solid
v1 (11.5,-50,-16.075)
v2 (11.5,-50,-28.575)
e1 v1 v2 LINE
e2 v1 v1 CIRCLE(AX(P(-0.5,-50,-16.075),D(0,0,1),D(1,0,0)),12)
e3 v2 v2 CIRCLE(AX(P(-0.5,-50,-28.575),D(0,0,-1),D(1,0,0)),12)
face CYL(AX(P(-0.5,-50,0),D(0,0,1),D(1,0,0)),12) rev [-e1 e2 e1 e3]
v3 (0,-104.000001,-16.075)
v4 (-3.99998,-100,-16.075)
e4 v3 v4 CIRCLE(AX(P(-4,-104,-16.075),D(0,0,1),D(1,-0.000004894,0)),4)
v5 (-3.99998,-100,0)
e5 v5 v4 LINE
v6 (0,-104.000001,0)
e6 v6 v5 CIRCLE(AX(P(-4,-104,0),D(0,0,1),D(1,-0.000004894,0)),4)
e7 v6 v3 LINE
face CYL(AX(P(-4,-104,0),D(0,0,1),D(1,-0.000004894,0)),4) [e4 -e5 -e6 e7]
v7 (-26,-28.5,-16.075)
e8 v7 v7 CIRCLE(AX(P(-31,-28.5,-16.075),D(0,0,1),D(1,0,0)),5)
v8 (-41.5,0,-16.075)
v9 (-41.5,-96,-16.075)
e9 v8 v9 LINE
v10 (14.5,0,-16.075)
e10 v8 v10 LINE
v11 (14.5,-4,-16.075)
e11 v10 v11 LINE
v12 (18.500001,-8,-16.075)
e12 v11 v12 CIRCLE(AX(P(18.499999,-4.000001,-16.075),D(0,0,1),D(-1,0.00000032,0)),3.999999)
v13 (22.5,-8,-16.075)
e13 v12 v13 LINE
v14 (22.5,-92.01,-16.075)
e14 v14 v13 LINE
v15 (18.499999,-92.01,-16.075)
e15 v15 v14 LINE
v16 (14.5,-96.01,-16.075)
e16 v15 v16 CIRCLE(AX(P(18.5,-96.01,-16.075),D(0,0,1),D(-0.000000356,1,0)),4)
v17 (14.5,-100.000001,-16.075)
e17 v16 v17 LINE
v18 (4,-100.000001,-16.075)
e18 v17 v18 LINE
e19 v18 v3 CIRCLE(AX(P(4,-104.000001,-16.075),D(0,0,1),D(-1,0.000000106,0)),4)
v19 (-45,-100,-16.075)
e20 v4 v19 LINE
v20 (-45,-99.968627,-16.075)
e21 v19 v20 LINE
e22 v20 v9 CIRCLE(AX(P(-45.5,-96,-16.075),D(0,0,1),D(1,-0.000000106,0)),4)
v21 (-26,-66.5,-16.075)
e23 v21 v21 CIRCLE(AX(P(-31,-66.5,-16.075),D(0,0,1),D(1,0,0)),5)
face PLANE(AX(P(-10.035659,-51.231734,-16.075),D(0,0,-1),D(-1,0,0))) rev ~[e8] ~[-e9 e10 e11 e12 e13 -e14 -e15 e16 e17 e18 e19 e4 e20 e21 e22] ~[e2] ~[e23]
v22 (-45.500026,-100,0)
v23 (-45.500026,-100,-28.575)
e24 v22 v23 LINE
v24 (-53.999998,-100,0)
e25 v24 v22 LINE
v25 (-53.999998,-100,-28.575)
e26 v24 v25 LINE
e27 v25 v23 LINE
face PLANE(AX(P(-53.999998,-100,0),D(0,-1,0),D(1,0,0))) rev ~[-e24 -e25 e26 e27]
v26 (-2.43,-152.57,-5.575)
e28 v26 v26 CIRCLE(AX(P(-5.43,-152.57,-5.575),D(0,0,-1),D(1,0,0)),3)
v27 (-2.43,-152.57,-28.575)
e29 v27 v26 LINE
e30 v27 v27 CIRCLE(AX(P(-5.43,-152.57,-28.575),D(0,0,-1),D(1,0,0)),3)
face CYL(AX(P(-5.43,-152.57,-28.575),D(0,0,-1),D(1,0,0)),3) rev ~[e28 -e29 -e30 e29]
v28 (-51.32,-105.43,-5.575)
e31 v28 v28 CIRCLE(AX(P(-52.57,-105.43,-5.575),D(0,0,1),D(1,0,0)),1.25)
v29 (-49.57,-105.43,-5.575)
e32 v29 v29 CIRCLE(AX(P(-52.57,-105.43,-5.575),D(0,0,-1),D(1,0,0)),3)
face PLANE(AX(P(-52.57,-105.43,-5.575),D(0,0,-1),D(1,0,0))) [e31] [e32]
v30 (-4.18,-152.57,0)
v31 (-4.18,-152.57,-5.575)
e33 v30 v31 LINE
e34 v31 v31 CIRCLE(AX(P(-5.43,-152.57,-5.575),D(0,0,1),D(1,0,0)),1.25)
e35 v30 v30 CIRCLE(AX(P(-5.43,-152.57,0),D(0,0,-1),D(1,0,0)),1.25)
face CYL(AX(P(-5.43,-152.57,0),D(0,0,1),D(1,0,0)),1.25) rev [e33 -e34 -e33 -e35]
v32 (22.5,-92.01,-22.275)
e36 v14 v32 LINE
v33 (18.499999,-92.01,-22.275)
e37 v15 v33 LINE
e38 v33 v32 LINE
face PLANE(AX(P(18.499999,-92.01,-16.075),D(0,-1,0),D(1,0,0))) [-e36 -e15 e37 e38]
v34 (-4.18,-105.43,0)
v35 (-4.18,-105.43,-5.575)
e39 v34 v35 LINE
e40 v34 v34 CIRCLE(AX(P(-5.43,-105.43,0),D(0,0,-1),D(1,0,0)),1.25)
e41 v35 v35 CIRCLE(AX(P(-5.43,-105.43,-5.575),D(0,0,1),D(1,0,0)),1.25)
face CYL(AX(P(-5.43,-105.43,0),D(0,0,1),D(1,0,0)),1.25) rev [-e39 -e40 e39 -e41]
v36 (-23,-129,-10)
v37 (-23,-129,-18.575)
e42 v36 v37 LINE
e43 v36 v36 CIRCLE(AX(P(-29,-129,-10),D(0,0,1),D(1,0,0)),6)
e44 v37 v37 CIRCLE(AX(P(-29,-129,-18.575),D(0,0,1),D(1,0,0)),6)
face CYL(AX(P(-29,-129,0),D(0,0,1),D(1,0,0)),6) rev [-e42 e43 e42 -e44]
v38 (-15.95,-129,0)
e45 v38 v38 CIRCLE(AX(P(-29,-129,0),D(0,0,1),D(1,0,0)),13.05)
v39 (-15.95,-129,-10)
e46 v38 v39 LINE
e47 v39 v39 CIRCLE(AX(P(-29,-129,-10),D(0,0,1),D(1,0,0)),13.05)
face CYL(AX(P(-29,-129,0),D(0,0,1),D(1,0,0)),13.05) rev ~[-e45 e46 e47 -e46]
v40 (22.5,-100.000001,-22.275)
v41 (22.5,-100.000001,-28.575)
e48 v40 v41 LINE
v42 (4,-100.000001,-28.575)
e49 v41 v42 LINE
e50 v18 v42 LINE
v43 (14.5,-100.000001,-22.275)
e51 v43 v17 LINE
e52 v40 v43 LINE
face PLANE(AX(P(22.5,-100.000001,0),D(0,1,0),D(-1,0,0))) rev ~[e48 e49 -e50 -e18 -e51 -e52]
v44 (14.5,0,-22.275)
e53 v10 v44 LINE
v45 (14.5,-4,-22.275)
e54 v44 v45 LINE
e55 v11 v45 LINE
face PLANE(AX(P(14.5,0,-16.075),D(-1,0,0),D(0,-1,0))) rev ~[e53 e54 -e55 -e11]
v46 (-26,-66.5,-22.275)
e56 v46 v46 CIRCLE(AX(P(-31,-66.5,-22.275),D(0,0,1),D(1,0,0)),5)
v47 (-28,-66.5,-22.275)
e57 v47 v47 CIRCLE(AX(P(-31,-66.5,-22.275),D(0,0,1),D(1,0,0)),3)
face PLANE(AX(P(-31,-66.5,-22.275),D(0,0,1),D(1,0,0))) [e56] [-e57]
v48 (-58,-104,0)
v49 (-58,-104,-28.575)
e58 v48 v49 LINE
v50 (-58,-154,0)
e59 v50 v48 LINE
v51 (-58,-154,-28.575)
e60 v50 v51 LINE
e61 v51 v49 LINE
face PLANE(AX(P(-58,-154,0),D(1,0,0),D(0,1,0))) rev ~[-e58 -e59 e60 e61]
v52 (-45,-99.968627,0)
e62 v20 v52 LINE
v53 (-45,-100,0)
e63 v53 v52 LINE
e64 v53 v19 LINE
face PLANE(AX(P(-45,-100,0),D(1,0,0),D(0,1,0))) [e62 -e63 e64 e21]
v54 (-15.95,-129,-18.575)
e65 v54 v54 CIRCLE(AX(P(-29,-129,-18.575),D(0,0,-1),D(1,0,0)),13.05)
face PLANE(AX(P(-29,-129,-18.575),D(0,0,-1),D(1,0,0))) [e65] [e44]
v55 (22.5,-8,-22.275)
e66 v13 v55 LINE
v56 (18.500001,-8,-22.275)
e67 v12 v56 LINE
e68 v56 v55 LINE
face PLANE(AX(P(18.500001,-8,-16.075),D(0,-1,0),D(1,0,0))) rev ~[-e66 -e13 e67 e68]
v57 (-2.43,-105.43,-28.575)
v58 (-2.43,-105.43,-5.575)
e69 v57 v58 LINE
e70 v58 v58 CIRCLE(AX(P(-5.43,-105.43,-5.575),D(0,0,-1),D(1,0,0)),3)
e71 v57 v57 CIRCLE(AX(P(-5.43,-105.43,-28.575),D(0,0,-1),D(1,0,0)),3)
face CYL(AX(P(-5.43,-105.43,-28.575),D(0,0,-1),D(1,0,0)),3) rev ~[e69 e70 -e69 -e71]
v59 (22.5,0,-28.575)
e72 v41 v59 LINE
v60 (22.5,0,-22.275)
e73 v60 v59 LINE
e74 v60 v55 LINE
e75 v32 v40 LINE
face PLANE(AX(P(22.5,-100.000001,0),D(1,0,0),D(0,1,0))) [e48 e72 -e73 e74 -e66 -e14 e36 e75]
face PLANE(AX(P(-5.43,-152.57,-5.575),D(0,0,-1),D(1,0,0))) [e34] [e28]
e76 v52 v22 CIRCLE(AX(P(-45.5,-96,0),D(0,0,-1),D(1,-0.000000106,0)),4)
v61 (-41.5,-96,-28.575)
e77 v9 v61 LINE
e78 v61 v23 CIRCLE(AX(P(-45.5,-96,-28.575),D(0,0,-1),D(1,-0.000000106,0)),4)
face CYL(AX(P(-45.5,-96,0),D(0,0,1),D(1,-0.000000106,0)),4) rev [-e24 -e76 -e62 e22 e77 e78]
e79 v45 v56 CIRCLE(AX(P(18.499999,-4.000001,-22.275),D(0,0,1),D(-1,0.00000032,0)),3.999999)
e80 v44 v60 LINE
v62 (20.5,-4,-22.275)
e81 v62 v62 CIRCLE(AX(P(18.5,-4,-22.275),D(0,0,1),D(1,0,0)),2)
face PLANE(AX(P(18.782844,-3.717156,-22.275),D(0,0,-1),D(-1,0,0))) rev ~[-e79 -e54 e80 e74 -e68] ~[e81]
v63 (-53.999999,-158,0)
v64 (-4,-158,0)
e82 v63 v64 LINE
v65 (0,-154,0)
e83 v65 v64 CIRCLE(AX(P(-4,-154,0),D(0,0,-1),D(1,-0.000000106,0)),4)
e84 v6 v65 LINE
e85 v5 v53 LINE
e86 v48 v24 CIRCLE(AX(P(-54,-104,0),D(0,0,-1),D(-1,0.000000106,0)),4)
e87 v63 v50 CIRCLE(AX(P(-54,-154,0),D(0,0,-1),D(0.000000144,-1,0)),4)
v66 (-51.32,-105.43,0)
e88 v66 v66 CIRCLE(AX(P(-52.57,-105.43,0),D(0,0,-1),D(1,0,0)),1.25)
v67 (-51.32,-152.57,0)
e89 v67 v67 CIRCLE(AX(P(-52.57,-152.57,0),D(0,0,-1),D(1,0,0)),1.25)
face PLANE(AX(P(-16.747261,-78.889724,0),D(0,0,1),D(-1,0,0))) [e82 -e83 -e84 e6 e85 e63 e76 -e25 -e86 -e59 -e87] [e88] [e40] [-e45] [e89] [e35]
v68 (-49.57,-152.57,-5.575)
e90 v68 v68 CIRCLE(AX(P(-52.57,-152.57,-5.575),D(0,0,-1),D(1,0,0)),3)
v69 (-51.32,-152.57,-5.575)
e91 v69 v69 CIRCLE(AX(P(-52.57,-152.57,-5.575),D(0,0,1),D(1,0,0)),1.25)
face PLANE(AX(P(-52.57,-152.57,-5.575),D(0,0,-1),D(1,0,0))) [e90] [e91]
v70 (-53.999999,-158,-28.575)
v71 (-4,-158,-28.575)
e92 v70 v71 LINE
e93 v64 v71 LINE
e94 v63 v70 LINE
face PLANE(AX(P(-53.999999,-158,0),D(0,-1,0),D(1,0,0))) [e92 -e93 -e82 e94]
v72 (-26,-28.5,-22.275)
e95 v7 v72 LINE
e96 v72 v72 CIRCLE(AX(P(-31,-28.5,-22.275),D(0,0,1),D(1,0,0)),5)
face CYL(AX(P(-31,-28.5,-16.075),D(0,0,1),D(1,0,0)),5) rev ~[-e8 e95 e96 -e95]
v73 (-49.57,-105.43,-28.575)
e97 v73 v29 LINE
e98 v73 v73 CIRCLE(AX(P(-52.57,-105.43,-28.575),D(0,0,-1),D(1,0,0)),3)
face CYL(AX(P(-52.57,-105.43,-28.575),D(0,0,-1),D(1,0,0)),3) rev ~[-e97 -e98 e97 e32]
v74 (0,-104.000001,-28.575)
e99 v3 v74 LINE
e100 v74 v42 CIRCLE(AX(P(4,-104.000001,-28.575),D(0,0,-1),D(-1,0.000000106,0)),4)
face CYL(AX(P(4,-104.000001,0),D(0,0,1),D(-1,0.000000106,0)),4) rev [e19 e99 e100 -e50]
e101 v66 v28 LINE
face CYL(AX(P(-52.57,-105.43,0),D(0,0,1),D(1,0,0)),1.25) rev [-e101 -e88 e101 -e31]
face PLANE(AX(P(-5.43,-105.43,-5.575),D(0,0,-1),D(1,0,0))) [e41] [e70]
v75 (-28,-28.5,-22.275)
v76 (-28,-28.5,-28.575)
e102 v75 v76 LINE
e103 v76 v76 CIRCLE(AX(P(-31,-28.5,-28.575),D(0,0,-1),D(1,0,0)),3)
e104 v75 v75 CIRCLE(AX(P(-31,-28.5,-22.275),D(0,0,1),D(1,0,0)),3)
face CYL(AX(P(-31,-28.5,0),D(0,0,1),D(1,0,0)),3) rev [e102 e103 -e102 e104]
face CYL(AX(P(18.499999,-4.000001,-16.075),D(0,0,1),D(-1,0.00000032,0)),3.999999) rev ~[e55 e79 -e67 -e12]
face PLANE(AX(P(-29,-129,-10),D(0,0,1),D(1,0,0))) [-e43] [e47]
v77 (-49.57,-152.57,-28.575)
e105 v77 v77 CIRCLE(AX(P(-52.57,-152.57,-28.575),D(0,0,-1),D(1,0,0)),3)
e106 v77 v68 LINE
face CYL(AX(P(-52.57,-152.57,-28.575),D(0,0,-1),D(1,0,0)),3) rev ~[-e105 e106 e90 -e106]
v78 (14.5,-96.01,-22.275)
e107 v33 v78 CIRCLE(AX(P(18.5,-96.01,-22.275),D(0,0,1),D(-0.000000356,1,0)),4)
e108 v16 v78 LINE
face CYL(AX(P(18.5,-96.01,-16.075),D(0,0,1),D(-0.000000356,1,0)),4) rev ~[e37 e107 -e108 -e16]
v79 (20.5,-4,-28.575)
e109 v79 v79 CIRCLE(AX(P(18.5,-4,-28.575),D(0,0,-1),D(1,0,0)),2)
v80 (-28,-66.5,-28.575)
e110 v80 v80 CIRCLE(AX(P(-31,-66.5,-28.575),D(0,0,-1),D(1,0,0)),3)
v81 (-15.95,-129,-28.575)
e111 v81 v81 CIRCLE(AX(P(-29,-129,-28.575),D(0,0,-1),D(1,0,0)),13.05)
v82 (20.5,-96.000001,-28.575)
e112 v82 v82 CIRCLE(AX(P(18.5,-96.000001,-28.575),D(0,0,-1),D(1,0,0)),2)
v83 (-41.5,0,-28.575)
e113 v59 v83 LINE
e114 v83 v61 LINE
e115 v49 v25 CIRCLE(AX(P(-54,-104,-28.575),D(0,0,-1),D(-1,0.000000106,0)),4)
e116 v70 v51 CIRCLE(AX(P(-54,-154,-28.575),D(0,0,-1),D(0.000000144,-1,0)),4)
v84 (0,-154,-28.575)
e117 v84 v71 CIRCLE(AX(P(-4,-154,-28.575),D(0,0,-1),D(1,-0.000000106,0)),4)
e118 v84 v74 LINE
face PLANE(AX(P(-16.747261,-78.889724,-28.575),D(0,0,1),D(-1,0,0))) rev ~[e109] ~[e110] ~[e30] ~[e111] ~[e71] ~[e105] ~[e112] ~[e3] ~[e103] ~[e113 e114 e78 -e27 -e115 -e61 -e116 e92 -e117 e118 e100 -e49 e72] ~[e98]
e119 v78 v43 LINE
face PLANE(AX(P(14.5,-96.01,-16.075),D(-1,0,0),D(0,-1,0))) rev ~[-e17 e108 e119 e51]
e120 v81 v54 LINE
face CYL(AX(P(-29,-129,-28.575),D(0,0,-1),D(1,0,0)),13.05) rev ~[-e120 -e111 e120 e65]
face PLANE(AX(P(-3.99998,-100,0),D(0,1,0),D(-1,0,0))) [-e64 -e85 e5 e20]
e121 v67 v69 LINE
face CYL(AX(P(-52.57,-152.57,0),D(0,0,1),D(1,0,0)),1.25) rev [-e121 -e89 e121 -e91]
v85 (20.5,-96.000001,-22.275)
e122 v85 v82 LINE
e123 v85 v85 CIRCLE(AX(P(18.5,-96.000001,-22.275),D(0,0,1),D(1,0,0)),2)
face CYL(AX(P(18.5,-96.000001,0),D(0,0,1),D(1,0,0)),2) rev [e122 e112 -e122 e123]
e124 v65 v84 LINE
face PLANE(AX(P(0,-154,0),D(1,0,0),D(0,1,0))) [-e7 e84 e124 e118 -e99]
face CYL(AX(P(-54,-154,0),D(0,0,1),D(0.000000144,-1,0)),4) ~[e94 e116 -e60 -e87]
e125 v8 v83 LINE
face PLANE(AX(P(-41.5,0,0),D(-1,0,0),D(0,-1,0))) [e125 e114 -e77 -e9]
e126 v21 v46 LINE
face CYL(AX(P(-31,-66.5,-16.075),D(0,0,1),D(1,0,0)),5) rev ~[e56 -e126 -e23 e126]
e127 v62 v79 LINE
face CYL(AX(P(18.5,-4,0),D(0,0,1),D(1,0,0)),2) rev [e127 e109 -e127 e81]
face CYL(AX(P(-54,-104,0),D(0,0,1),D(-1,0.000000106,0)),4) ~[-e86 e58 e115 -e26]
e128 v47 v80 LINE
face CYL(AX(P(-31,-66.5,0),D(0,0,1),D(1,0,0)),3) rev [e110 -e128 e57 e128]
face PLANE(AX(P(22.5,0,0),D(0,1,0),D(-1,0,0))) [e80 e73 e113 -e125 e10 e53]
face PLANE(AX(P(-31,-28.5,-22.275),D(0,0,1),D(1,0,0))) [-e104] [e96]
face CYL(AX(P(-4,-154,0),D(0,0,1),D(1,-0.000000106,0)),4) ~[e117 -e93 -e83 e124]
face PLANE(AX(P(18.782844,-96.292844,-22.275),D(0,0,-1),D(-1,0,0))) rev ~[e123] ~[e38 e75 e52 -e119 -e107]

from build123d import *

# Parameters (mm, degrees)
SKETCH002_R     = 6
SKETCH002_R_2   = 3
SKETCH002_R_3   = 1.25
SKETCH002_R_4   = 2
SKETCH002_R_5   = 12
PAD_DEPTH       = 28.575
POCKET_DEPTH    = 16.075
SKETCH_R        = 13.05
POCKET001_DEPTH = 10
SKETCH005_R     = 13.05
POCKET002_DEPTH = 10
SKETCH006_R     = 3
POCKET003_DEPTH = 23
SKETCH007_R     = 5
POCKET004_DEPTH = 6.2


with BuildPart() as part:
    # Sketch002 → Pad (new body)
    with BuildSketch(Plane(origin=(0, 0, 0), x_dir=(1, 0, 0), z_dir=(0, 0, -1))):
        with BuildLine():
            Line((22.5, 0), (-41.5, 0))
            Line((-41.5, 0), (-41.5, 96))
            ThreePointArc((-41.5, 96), (-42.671582, 98.828436), (-45.500026, 100))
            Line((-53.999998, 100), (-45.500026, 100))
            ThreePointArc((-58, 104), (-56.828427, 101.171573), (-53.999998, 100))
            Line((-58, 154), (-58, 104))
            ThreePointArc((-53.999999, 158), (-56.828427, 156.828427), (-58, 154))
            Line((-53.999999, 158), (-4, 158))
            ThreePointArc((0, 154), (-1.171573, 156.828427), (-4, 158))
            Line((0, 154), (0, 104.000001))
            ThreePointArc((0, 104.000001), (1.171573, 101.171574), (4, 100.000001))
            Line((22.5, 100.000001), (4, 100.000001))
            Line((22.5, 100.000001), (22.5, 0))
        make_face()
        with Locations((-29, 129)):
            Circle(SKETCH002_R, mode=Mode.SUBTRACT)
        with Locations((-31, 66.5)):
            Circle(SKETCH002_R_2, mode=Mode.SUBTRACT)
        with Locations((-31, 28.5)):
            Circle(SKETCH002_R_2, mode=Mode.SUBTRACT)
        with Locations((-5.43, 152.57)):
            Circle(SKETCH002_R_3, mode=Mode.SUBTRACT)
        with Locations((-52.57, 152.57)):
            Circle(SKETCH002_R_3, mode=Mode.SUBTRACT)
        with Locations((-52.57, 105.43)):
            Circle(SKETCH002_R_3, mode=Mode.SUBTRACT)
        with Locations((-5.43, 105.43)):
            Circle(SKETCH002_R_3, mode=Mode.SUBTRACT)
        with Locations((18.5, 96.000001)):
            Circle(SKETCH002_R_4, mode=Mode.SUBTRACT)
        with Locations((18.5, 4)):
            Circle(SKETCH002_R_4, mode=Mode.SUBTRACT)
        with Locations((-0.5, 50)):
            Circle(SKETCH002_R_5, mode=Mode.SUBTRACT)
    extrude(amount=PAD_DEPTH)

    # Sketch004 → Pocket (cut)
    with BuildSketch(Plane.XY):
        with BuildLine():
            Line((-45, 0), (24, 0))
            Line((24, 0), (24, -104.00002))
            Line((24, -104.00002), (0, -104.00002))
            ThreePointArc((0, -104.00002), (-1.171559, -101.171587), (-3.99998, -100))
            Line((-3.99998, -100), (-45, -100))
            Line((-45, -100), (-45, 0))
        make_face()
    extrude(amount=-POCKET_DEPTH, mode=Mode.SUBTRACT)

    # Sketch → Pocket001 (cut)
    with BuildSketch(Plane(origin=(0, 0, -28.575), x_dir=(1, 0, 0), z_dir=(0, 0, -1))):
        with Locations((-29, 129)):
            Circle(SKETCH_R)
    extrude(amount=-POCKET001_DEPTH, mode=Mode.SUBTRACT)

    # Sketch005 → Pocket002 (cut)
    with BuildSketch(Plane.XY):
        with Locations((-29, -129)):
            Circle(SKETCH005_R)
    extrude(amount=-POCKET002_DEPTH, mode=Mode.SUBTRACT)

    # Sketch006 → Pocket003 (cut)
    with BuildSketch(Plane(origin=(0, 0, -28.575), x_dir=(1, 0, 0), z_dir=(0, 0, -1))):
        with Locations((-52.57, 152.57)):
            Circle(SKETCH006_R)
        with Locations((-5.43, 152.57)):
            Circle(SKETCH006_R)
        with Locations((-52.57, 105.43)):
            Circle(SKETCH006_R)
        with Locations((-5.43, 105.43)):
            Circle(SKETCH006_R)
    extrude(amount=-POCKET003_DEPTH, mode=Mode.SUBTRACT)

    # Sketch007 → Pocket004 (cut)
    with BuildSketch(Plane.XY.offset(-16.075)):
        with Locations((-31, -28.5)):
            Circle(SKETCH007_R)
        with Locations((-31, -66.5)):
            Circle(SKETCH007_R)
        with BuildLine():
            Line((14.5, 0), (22.5, 0))
            Line((22.5, 0), (22.5, -8))
            Line((18.500001, -8), (22.5, -8))
            ThreePointArc((14.5, -4), (15.671573, -6.828428), (18.500001, -8))
            Line((14.5, 0), (14.5, -4))
        make_face()
        with BuildLine():
            Line((22.5, -92.01), (22.5, -100.01))
            Line((22.5, -100.01), (14.5, -100.01))
            Line((14.5, -96.01), (14.5, -100.01))
            ThreePointArc((18.499999, -92.01), (15.671573, -93.181573), (14.5, -96.01))
            Line((18.499999, -92.01), (22.5, -92.01))
        make_face()
    extrude(amount=-POCKET004_DEPTH, mode=Mode.SUBTRACT)


solid = part.part
